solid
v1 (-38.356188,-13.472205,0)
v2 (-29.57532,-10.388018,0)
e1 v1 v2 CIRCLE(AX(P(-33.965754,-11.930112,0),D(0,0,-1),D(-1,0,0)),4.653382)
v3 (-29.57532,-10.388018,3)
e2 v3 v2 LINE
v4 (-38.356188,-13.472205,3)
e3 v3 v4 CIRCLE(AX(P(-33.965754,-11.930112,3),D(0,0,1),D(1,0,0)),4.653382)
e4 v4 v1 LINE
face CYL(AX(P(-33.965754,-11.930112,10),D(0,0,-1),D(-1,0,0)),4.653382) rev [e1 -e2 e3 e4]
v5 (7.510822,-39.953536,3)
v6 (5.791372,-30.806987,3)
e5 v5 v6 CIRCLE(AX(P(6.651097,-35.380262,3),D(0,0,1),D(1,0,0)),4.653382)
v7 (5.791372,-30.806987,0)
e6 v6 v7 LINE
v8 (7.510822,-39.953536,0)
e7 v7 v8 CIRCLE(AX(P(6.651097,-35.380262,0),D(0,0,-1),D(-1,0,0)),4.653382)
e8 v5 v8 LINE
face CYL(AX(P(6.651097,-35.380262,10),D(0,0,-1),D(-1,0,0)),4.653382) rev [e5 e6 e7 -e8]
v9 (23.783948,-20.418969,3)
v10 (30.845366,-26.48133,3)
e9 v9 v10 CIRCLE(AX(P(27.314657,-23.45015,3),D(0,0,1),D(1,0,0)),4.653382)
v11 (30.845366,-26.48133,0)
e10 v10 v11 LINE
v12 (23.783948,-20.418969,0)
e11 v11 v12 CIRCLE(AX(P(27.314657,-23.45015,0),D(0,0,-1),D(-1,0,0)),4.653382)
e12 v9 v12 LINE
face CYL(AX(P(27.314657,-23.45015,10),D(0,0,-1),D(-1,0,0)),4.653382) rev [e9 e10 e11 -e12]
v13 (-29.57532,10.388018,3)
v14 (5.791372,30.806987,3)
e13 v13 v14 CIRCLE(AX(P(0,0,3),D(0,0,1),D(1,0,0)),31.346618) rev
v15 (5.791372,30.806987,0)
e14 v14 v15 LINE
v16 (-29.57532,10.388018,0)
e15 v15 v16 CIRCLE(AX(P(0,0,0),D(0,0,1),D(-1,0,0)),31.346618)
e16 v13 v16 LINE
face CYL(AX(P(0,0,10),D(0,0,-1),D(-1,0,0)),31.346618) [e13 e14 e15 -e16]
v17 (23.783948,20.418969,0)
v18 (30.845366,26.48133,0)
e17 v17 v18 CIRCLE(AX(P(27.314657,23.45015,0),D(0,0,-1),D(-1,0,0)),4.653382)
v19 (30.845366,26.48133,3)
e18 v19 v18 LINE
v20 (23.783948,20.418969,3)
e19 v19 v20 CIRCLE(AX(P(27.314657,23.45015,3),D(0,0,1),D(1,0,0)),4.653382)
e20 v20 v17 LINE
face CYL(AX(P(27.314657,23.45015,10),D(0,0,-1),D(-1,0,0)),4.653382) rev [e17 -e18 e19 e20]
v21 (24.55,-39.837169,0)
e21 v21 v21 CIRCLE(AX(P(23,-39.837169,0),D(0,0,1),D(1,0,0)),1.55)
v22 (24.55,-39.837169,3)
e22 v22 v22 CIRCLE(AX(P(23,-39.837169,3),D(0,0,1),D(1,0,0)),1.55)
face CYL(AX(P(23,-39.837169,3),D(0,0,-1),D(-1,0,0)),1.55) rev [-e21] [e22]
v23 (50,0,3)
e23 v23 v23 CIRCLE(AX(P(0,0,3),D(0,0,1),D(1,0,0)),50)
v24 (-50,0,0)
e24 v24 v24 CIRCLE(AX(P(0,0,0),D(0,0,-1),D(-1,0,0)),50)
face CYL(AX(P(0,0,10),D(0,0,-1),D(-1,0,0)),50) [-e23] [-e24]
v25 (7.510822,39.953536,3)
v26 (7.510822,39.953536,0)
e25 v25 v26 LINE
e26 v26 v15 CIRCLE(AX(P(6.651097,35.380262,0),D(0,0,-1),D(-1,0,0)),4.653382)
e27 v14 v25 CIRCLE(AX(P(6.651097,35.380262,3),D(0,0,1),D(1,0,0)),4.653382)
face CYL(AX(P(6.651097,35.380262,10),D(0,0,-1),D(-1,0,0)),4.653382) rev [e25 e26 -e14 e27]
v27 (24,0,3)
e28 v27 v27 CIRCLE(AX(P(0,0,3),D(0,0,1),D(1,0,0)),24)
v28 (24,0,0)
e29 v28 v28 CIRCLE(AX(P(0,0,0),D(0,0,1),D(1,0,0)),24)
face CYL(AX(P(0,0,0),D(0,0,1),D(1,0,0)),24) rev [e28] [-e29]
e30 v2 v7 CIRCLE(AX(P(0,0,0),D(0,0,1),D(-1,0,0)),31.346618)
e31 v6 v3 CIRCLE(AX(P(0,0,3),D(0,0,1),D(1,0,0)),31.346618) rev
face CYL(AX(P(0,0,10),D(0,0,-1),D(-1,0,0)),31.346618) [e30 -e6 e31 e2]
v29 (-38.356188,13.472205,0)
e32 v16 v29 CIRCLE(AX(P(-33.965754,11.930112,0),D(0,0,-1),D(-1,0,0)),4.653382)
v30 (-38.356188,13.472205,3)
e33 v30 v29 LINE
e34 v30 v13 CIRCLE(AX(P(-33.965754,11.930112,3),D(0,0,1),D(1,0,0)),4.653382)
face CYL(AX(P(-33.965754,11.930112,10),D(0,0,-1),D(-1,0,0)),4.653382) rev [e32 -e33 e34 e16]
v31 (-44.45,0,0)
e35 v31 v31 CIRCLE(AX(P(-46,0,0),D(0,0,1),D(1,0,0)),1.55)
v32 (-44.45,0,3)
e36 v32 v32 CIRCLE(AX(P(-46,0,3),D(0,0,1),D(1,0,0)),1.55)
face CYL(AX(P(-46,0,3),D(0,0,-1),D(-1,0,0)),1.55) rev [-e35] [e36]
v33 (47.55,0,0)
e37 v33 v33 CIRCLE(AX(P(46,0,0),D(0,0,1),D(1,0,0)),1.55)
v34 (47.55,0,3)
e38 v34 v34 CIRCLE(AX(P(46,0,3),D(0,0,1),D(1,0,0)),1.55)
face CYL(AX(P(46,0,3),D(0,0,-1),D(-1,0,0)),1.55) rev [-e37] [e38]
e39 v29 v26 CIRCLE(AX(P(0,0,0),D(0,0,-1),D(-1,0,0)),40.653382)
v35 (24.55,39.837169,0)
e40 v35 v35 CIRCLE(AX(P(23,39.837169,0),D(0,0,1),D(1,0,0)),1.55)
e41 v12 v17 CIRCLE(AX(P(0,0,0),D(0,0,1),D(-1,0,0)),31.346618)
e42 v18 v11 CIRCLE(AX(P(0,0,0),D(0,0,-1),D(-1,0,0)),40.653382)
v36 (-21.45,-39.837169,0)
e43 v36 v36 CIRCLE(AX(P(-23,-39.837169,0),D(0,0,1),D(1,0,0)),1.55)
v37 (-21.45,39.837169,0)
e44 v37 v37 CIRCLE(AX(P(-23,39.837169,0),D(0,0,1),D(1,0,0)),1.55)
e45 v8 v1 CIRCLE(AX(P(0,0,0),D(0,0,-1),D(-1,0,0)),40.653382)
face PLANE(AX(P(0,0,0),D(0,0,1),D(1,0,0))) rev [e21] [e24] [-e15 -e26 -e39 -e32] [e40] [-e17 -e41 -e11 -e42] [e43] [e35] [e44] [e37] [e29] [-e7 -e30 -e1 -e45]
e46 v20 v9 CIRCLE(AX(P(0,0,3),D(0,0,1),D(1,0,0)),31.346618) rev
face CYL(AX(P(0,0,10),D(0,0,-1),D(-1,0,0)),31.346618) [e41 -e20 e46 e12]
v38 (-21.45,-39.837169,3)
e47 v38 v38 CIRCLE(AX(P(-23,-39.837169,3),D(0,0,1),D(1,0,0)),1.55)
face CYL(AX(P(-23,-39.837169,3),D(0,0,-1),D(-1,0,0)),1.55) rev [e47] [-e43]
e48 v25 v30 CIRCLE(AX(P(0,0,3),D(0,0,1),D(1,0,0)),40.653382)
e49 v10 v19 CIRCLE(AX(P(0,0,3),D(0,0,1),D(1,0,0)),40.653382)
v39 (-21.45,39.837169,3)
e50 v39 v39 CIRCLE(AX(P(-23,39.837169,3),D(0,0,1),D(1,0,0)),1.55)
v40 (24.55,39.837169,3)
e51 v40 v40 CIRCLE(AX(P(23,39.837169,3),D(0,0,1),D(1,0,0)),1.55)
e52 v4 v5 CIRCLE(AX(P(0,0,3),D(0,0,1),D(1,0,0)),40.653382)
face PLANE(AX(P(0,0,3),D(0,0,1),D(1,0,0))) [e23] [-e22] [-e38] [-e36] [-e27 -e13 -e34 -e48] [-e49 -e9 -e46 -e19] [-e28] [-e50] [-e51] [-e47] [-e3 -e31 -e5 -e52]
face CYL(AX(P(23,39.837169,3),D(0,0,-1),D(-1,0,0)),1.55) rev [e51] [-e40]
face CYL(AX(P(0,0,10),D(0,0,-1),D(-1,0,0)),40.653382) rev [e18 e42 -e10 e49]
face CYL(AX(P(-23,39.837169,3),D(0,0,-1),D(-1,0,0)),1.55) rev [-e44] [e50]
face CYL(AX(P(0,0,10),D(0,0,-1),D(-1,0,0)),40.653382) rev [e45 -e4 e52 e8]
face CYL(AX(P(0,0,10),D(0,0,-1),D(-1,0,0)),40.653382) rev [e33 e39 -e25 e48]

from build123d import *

# Parameters (mm, degrees)
SKETCH_1_R          = 52
SKETCH_1_R_2        = 1.55
SKETCH_1_R_3        = 40
EXTRUDE_1_DEPTH     = 3
EXTRUDE_START       = -3
SKETCH_2_R          = 40
SKETCH_2_R_2        = 24
EXTRUDE_2_DEPTH     = 3
CUT_EXTRUDE_1_DEPTH = 10
SKETCH_5_R          = 63.024090269
SKETCH_5_R_2        = 50
CUT_EXTRUDE_2_DEPTH = 10


with BuildPart() as part:
    # 草图1 → 凸台-拉伸1 (new body)
    with BuildSketch(Plane.XY):
        Circle(SKETCH_1_R)
        with Locations((46, 0)):
            Circle(SKETCH_1_R_2, mode=Mode.SUBTRACT)
        with Locations((23, -39.837168574)):
            Circle(SKETCH_1_R_2, mode=Mode.SUBTRACT)
        with Locations((-23, -39.837168574)):
            Circle(SKETCH_1_R_2, mode=Mode.SUBTRACT)
        with Locations((-46, 0)):
            Circle(SKETCH_1_R_2, mode=Mode.SUBTRACT)
        with Locations((-23, 39.837168574)):
            Circle(SKETCH_1_R_2, mode=Mode.SUBTRACT)
        with Locations((23, 39.837168574)):
            Circle(SKETCH_1_R_2, mode=Mode.SUBTRACT)
        Circle(SKETCH_1_R_3, mode=Mode.SUBTRACT)
    extrude(amount=EXTRUDE_1_DEPTH)

    # 草图2 → 凸台-拉伸2 (add)
    with BuildSketch(Plane.XY.offset(3).offset(EXTRUDE_START)):
        Circle(SKETCH_2_R)
        Circle(SKETCH_2_R_2, mode=Mode.SUBTRACT)
    extrude(amount=EXTRUDE_2_DEPTH)

    # 草图4 → 切除-拉伸1 (cut)
    with BuildSketch(Plane(origin=(0, 0, 0), x_dir=(-1, 0, 0), z_dir=(0, 0, -1))):
        with BuildLine():
            ThreePointArc((38.356187762, 13.472205401), (20.326690938, 35.206861455), (-7.510821758, 39.953535695))
            ThreePointArc((-7.510821758, 39.953535695), (-11.224371039, 34.520536752), (-5.791372097, 30.806987471))
            ThreePointArc((-5.791372097, 30.806987471), (15.673309062, 27.146967618), (29.575319812, 10.388018377))
            ThreePointArc((29.575319812, 10.388018377), (35.507847299, 7.539677914), (38.356187762, 13.472205401))
        make_face()
        with BuildLine():
            ThreePointArc((-5.791372097, -30.806987471), (15.673309062, -27.146967618), (29.575319812, -10.388018377))
            ThreePointArc((29.575319812, -10.388018377), (35.507847299, -7.539677914), (38.356187762, -13.472205401))
            ThreePointArc((38.356187762, -13.472205401), (20.326690938, -35.206861455), (-7.510821758, -39.953535695))
            ThreePointArc((-7.510821758, -39.953535695), (-11.224371039, -34.520536752), (-5.791372097, -30.806987471))
        make_face()
        with BuildLine():
            ThreePointArc((-23.783947715, 20.418969094), (-31.346618124, 0), (-23.783947715, -20.418969094))
            ThreePointArc((-23.783947715, -20.418969094), (-24.28347626, -26.980858838), (-30.845366003, -26.481330293))
            ThreePointArc((-30.845366003, -26.481330293), (-40.653381876, 0), (-30.845366003, 26.481330293))
            ThreePointArc((-30.845366003, 26.481330293), (-24.28347626, 26.980858838), (-23.783947715, 20.418969094))
        make_face()
    extrude(amount=-CUT_EXTRUDE_1_DEPTH, mode=Mode.SUBTRACT)

    # 草图5 → 切除-拉伸2 (cut)
    with BuildSketch(Plane(origin=(0, 0, 0), x_dir=(-1, 0, 0), z_dir=(0, 0, -1))):
        Circle(SKETCH_5_R)
        Circle(SKETCH_5_R_2, mode=Mode.SUBTRACT)
    extrude(amount=-CUT_EXTRUDE_2_DEPTH, mode=Mode.SUBTRACT)


solid = part.part
